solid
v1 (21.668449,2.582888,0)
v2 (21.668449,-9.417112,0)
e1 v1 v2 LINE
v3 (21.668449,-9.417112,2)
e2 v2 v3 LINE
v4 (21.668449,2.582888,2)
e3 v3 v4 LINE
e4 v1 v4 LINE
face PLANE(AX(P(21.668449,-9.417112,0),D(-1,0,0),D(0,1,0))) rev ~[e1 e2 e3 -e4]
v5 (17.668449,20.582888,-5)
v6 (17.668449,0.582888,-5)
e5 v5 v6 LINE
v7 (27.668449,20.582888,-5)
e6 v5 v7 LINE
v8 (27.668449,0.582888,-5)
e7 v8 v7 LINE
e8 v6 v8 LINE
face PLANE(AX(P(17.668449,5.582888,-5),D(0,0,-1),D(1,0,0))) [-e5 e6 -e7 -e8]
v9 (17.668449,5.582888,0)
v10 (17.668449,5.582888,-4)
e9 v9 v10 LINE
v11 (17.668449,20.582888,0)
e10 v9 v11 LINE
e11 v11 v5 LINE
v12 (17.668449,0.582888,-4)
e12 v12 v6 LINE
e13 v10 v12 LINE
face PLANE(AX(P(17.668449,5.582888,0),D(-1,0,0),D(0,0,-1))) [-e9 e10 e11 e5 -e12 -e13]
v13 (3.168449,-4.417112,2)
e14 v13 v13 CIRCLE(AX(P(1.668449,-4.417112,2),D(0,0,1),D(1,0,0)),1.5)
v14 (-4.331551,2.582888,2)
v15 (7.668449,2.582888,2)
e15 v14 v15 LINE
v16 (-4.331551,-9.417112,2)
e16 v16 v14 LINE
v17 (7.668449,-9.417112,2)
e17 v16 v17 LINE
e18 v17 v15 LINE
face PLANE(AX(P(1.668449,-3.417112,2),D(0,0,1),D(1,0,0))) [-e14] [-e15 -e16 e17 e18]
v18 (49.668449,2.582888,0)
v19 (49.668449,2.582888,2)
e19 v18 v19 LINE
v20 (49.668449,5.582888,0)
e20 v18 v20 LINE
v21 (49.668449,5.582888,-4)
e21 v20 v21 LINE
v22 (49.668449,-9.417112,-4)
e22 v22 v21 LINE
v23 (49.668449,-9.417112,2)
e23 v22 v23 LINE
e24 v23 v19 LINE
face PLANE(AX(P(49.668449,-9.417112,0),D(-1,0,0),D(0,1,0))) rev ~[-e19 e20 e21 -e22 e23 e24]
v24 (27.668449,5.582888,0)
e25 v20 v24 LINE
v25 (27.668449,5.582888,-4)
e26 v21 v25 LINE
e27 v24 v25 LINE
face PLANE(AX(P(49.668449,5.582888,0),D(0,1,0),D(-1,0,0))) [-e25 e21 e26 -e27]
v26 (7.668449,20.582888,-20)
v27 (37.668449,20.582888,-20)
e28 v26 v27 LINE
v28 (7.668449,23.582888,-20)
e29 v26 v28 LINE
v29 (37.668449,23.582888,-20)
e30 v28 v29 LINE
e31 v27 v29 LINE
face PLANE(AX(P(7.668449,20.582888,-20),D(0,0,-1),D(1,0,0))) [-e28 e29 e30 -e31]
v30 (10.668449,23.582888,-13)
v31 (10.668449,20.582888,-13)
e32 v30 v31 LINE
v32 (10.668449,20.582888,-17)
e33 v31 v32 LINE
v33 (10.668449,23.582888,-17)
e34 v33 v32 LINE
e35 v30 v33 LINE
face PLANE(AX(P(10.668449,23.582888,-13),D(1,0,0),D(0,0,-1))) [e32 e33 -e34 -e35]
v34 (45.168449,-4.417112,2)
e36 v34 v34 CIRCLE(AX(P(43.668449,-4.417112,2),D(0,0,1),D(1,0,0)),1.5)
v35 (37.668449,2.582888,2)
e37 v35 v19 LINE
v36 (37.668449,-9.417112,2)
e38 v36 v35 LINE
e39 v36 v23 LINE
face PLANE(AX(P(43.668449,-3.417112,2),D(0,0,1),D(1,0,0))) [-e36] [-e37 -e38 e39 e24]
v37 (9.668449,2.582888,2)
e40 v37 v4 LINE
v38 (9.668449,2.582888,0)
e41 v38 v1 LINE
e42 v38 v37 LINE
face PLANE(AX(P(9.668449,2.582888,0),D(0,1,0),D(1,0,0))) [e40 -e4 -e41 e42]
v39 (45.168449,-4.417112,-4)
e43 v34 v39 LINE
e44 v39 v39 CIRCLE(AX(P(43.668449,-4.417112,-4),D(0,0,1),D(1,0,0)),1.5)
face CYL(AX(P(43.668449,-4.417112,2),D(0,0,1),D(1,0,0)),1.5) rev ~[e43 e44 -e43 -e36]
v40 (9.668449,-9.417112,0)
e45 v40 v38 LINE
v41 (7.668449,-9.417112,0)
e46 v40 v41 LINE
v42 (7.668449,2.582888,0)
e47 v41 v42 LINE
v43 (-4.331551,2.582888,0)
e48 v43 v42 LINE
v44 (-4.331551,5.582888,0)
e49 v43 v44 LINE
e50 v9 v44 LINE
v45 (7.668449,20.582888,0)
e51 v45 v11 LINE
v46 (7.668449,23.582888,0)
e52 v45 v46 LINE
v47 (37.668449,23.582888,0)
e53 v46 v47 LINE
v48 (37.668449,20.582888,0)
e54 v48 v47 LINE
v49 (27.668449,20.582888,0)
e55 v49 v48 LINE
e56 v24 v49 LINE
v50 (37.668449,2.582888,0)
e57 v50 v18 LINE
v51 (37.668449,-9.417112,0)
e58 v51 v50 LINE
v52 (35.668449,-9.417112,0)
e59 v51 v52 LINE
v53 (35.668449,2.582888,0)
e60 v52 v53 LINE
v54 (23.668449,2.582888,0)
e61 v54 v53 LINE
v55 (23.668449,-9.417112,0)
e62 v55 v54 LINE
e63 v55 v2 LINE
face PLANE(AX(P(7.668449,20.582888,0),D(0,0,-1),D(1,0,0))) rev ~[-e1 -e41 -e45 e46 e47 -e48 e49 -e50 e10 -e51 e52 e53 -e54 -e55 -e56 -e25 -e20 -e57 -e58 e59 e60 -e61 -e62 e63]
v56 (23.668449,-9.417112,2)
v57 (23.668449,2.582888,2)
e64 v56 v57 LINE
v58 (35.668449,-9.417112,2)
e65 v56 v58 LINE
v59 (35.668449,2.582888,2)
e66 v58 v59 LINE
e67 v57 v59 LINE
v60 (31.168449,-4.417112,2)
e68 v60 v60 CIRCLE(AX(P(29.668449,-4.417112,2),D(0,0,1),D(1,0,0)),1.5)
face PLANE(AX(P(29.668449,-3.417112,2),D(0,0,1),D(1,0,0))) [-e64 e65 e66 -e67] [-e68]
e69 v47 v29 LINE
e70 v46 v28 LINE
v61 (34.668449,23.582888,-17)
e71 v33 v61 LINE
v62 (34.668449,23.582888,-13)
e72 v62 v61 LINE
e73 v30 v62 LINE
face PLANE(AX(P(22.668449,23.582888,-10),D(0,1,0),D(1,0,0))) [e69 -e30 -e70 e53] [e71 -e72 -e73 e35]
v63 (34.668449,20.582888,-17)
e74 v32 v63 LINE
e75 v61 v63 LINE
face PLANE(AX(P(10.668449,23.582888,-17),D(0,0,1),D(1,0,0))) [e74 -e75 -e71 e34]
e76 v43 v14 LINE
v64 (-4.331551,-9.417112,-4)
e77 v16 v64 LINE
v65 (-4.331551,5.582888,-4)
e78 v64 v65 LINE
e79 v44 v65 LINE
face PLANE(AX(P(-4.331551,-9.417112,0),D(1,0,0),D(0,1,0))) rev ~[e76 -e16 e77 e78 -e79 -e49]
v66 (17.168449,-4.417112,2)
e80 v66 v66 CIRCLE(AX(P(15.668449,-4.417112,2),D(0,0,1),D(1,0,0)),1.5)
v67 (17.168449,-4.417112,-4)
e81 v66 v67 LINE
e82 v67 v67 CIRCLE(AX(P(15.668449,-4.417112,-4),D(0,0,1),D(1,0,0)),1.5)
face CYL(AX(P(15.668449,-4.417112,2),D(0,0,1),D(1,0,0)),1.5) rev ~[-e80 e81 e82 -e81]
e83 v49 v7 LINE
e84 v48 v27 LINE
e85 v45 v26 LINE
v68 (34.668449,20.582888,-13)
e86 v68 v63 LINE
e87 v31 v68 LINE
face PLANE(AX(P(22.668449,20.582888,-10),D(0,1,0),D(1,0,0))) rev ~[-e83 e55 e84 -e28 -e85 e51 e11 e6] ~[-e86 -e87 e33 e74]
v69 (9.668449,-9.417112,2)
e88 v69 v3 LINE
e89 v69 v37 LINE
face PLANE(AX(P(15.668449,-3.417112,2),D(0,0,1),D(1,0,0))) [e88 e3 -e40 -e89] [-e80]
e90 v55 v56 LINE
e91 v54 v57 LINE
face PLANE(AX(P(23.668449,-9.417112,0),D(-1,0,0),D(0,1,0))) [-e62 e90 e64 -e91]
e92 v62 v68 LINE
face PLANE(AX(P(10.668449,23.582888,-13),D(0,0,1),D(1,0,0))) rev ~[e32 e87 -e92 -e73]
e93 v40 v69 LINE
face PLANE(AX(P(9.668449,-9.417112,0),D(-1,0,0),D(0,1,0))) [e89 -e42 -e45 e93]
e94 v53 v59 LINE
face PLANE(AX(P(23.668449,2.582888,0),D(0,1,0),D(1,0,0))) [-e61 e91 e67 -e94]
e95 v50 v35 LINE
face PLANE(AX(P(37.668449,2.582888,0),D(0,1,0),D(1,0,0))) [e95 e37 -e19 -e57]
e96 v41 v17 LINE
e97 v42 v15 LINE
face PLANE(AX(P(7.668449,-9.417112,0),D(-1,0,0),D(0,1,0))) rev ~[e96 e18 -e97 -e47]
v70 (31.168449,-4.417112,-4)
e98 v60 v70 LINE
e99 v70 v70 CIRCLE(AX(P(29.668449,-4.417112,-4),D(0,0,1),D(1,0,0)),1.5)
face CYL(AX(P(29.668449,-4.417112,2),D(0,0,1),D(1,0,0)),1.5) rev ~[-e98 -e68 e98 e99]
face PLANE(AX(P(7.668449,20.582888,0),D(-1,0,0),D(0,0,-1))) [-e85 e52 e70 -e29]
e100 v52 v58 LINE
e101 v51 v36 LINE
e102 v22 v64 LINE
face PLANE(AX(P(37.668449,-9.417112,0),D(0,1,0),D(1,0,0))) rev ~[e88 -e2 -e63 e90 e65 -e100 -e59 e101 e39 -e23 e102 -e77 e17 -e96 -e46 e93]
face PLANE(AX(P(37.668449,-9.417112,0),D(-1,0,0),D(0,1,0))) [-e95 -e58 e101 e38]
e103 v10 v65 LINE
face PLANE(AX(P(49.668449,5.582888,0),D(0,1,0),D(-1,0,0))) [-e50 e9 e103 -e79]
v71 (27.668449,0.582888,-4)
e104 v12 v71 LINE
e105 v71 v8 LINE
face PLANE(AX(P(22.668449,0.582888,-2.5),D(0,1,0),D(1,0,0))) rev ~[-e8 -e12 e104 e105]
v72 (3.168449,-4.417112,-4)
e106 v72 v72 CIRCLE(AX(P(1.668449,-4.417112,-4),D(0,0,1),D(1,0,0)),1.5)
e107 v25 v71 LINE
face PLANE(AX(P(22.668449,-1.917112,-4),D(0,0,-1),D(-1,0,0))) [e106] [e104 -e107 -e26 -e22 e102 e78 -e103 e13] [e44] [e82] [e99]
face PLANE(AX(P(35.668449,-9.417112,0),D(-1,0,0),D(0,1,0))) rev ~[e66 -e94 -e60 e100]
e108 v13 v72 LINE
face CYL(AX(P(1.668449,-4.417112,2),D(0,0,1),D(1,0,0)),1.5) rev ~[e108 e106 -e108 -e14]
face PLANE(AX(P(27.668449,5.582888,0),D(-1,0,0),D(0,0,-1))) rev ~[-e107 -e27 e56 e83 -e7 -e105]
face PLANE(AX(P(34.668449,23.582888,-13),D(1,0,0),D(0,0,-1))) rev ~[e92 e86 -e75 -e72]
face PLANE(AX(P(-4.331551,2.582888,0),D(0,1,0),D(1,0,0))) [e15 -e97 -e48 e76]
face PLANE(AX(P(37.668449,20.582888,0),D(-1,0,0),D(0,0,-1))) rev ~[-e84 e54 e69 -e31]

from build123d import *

# Parameters (mm, degrees)
SKETCH1_W                = 12
SKETCH1_H                = 12
BOSS_EXTRUDE1_DEPTH      = 2
SKETCH2_W                = 54
SKETCH2_H                = 15
BOSS_EXTRUDE2_DEPTH      = 4
SKETCH3_W                = 12
SKETCH3_H                = 12
BOSS_EXTRUDE3_DEPTH      = 2
SKETCH4_R                = 1.5
CUT_EXTRUDE1_DEPTH       = 9
SKETCH5_W                = 10
SKETCH5_H                = 5
BOSS_EXTRUDE4_DEPTH      = 15
BOSS_EXTRUDE4_DEPTH_BACK = 5
SKETCH6_W                = 30
SKETCH6_H                = 20
BOSS_EXTRUDE5_DEPTH      = 3
SKETCH7_W                = 24
SKETCH7_H                = 4
CUT_EXTRUDE2_DEPTH       = 3


with BuildPart() as part:
    # Sketch1 → Boss-Extrude1 (new body)
    with BuildSketch(Plane.XY):
        with Locations((1.668449198, -3.417112299)):
            Rectangle(SKETCH1_W, SKETCH1_H)
    extrude(amount=BOSS_EXTRUDE1_DEPTH)

    # Sketch2 → Boss-Extrude2 (add)
    with BuildSketch(Plane(origin=(0, 0, 0), x_dir=(-1, 0, 0), z_dir=(0, 0, -1))):
        with Locations((-22.668449198, -1.917112299)):
            Rectangle(SKETCH2_W, SKETCH2_H)
    extrude(amount=BOSS_EXTRUDE2_DEPTH)

    # Sketch3 → Boss-Extrude3 (add)
    with BuildSketch(Plane.XY):
        with Locations((15.668449198, -3.417112299)):
            Rectangle(SKETCH3_W, SKETCH3_H)
        with Locations((29.668449198, -3.417112299)):
            Rectangle(SKETCH3_W, SKETCH3_H)
        with Locations((43.668449198, -3.417112299)):
            Rectangle(SKETCH3_W, SKETCH3_H)
    extrude(amount=BOSS_EXTRUDE3_DEPTH)

    # Sketch4 → Cut-Extrude1 (cut)
    with BuildSketch(Plane.XY.offset(2)):
        with Locations((1.668449198, -4.417112299)):
            Circle(SKETCH4_R)
        with Locations((15.668449198, -4.417112299)):
            Circle(SKETCH4_R)
        with Locations((29.668449198, -4.417112299)):
            Circle(SKETCH4_R)
        with Locations((43.668449198, -4.417112299)):
            Circle(SKETCH4_R)
    extrude(amount=-CUT_EXTRUDE1_DEPTH, mode=Mode.SUBTRACT)

    # Sketch5 → Boss-Extrude4 (add, two sides)
    with BuildSketch(Plane(origin=(0, 5.582887701, 0), x_dir=(1, 0, 0), z_dir=(0, 1, 0))) as boss_extrude4_sk:
        with Locations((22.668449198, 2.5)):
            Rectangle(SKETCH5_W, SKETCH5_H)
    extrude(amount=BOSS_EXTRUDE4_DEPTH)
    extrude(boss_extrude4_sk.sketch, amount=-BOSS_EXTRUDE4_DEPTH_BACK)

    # Sketch6 → Boss-Extrude5 (add)
    with BuildSketch(Plane(origin=(0, 20.582887701, 0), x_dir=(1, 0, 0), z_dir=(0, 1, 0))):
        with Locations((22.668449198, 10)):
            Rectangle(SKETCH6_W, SKETCH6_H)
    extrude(amount=BOSS_EXTRUDE5_DEPTH)

    # Sketch7 → Cut-Extrude2 (cut)
    with BuildSketch(Plane(origin=(0, 23.582887701, 0), x_dir=(1, 0, 0), z_dir=(0, 1, 0))):
        with Locations((22.668449198, 15)):
            Rectangle(SKETCH7_W, SKETCH7_H)
    extrude(amount=-CUT_EXTRUDE2_DEPTH, mode=Mode.SUBTRACT)


solid = part.part
